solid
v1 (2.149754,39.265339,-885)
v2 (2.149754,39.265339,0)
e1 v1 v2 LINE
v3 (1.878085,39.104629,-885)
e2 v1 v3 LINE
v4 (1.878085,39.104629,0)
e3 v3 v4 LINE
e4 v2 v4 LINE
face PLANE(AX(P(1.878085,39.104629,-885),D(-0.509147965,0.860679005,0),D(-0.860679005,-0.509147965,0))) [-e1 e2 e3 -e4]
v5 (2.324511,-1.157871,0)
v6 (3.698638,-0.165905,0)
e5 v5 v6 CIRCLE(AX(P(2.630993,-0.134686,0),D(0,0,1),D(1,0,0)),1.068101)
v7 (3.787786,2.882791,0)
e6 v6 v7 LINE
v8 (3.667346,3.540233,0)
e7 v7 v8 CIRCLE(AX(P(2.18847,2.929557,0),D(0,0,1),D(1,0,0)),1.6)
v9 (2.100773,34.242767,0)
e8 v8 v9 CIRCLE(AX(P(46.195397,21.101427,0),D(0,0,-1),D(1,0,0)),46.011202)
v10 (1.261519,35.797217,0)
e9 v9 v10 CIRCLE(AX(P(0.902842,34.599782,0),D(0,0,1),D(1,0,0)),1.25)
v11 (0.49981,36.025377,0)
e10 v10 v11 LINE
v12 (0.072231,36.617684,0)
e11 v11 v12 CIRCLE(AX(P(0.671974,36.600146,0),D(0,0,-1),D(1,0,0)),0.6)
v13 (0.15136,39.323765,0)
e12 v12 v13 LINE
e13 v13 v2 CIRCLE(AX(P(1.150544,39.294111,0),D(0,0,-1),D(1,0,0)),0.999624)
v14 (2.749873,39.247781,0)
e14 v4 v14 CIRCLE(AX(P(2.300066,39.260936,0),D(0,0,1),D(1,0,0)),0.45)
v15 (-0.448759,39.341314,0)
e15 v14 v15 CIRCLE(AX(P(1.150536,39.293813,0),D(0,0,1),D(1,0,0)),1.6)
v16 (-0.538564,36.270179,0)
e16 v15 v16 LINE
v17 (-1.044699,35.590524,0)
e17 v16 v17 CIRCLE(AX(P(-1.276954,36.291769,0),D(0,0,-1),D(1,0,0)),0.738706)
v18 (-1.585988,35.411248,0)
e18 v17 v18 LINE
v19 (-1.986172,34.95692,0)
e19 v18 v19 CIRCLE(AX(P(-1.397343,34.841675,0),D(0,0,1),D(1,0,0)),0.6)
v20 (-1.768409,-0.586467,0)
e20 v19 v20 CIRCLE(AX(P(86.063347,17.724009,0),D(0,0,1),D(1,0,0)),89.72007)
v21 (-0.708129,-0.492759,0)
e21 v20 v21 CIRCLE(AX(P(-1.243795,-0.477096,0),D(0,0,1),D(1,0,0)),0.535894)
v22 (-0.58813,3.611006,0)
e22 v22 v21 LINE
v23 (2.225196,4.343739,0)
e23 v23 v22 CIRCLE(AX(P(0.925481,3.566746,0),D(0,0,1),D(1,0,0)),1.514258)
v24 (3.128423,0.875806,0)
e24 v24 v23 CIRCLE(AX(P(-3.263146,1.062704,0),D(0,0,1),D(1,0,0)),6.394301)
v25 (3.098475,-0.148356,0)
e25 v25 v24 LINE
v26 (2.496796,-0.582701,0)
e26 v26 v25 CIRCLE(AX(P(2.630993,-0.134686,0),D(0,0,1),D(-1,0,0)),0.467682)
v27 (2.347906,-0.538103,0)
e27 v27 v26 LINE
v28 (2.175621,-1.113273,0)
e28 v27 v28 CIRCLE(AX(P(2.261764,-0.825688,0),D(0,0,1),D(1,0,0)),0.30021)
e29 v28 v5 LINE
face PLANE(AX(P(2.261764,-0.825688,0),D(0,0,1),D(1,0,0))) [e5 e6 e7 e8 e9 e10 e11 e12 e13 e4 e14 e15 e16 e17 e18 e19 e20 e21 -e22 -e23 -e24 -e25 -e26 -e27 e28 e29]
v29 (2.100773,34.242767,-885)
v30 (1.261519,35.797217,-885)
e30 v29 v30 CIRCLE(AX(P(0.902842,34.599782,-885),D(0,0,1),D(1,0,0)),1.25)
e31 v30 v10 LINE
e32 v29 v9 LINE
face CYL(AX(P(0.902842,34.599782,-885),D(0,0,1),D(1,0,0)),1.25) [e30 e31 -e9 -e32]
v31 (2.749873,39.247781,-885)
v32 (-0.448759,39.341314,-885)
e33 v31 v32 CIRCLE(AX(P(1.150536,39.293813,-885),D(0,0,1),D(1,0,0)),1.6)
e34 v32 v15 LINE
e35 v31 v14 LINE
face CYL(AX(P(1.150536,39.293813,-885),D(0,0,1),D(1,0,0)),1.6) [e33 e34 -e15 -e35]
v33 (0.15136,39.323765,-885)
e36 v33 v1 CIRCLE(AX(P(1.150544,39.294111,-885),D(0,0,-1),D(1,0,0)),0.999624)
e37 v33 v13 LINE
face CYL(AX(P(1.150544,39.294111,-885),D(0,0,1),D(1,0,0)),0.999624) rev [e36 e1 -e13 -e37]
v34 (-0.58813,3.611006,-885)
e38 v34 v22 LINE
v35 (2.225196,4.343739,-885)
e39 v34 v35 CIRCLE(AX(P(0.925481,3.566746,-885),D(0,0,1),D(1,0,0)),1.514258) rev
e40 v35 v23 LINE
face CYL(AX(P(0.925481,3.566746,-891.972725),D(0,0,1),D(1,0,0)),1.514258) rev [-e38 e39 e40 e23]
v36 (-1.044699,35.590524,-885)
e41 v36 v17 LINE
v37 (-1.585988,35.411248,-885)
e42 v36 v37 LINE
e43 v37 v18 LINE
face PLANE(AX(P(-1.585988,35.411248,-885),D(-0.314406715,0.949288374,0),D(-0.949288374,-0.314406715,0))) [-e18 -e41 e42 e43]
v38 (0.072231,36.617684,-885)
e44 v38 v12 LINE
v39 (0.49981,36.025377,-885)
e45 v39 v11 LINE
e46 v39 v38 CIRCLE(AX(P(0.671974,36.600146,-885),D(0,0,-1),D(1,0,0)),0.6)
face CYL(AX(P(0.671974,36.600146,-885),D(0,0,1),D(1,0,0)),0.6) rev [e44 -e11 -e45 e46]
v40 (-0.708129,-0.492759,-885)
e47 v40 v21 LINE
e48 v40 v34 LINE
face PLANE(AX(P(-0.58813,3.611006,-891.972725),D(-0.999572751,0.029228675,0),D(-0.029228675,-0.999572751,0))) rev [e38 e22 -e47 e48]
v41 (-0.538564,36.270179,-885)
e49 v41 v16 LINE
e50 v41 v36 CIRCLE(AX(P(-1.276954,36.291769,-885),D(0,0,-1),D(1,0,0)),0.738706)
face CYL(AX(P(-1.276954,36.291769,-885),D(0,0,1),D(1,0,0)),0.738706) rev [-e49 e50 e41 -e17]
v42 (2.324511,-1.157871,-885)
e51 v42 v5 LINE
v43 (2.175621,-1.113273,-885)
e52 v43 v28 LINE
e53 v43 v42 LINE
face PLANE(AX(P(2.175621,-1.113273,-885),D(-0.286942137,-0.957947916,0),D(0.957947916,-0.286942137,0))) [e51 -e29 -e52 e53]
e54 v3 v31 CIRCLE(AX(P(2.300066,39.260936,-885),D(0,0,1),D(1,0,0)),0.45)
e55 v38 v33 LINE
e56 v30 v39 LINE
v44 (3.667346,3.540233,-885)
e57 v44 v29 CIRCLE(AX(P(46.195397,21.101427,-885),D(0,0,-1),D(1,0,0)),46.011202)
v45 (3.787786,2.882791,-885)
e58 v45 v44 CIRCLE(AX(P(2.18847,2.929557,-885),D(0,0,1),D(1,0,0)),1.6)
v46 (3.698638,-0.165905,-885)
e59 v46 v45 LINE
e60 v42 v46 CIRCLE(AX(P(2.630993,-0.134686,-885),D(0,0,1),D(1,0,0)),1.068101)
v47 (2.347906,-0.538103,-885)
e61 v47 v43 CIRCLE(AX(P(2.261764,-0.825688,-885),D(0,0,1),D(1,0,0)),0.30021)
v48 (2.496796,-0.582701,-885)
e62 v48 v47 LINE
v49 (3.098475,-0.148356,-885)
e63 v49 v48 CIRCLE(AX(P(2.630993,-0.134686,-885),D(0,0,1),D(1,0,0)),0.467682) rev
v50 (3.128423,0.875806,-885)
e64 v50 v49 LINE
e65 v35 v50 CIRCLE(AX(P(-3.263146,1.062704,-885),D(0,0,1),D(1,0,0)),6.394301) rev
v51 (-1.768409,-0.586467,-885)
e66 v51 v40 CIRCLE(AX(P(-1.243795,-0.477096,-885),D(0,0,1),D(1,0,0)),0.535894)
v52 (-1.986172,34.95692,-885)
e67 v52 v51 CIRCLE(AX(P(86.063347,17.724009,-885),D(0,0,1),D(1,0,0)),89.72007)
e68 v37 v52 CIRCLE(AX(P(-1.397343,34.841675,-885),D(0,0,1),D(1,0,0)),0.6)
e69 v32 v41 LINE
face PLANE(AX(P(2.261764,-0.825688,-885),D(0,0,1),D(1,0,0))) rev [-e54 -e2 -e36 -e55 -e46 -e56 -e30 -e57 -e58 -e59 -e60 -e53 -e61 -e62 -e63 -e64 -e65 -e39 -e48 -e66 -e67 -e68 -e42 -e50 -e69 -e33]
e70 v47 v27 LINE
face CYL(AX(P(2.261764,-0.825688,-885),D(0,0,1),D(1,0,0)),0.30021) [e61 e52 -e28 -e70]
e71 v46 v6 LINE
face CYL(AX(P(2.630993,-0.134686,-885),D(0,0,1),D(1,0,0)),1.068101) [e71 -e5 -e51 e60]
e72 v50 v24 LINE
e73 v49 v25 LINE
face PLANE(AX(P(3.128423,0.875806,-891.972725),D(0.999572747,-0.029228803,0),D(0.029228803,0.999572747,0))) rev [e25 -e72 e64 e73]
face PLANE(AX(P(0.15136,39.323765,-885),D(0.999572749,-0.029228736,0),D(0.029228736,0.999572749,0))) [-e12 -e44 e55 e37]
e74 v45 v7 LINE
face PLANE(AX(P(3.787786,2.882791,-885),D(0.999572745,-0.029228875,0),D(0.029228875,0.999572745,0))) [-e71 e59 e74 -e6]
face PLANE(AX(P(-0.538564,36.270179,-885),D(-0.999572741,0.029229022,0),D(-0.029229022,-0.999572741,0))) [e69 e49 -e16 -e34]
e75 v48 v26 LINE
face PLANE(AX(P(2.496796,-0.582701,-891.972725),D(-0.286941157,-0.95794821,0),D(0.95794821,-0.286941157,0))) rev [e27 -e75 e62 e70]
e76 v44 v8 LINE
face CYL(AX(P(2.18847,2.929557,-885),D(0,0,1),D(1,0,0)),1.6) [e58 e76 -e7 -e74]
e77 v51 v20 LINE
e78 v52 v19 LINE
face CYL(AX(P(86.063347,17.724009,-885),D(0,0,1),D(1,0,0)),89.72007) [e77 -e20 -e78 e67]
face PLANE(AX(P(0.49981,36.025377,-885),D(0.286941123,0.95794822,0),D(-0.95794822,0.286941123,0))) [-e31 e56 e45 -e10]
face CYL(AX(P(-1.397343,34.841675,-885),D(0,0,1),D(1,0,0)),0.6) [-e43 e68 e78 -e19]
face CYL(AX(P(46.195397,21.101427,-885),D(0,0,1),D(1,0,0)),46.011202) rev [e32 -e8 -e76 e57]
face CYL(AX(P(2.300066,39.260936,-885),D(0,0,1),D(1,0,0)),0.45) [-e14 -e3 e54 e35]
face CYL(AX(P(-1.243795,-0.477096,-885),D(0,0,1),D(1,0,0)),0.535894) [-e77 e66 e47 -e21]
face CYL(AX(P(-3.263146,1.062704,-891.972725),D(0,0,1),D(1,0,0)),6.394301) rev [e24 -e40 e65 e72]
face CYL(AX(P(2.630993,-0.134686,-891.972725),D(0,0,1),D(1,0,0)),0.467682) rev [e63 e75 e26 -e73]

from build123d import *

# Parameters (mm, degrees)
BODY_DEPTH                      = 885
SCHNITT_LINEAR_AUSTRAGEN2_DEPTH = 885


with BuildPart() as part:
    # Model → Body (new body)
    with BuildSketch(Plane.XY):
        with BuildLine():
            Line((1.878084628, 39.104629182), (2.149753631, 39.265339178))
            ThreePointArc((2.149753631, 39.265339178), (1.179756728, 40.293308137), (0.151359725, 39.323765061))
            Line((0.151359725, 39.323765061), (0.072230593, 36.617684207))
            ThreePointArc((0.072230593, 36.617684207), (0.185489498, 36.248958877), (0.499809768, 36.025377312))
            Line((0.499809768, 36.025377312), (1.261518581, 35.79721719))
            ThreePointArc((1.261518581, 35.79721719), (2.002767255, 35.193636824), (2.100773109, 34.24276685))
            ThreePointArc((2.100773109, 34.24276685), (0.243973004, 18.756791477), (3.6673456, 3.540232734))
            ThreePointArc((3.6673456, 3.540232734), (3.762278433, 3.217871116), (3.78778584, 2.882791084))
            Line((3.78778584, 2.882791084), (3.698637797, -0.165904914))
            ThreePointArc((3.698637797, -0.165904914), (3.256166133, -1.000710488), (2.324510635, -1.157871399))
            Line((2.324510635, -1.157871399), (2.175621232, -1.113273313))
            ThreePointArc((2.175621232, -1.113273313), (1.997498531, -0.968129525), (1.974178859, -0.739545604))
            Line((1.974178859, -0.739545604), (0.400869285, -0.26828127))
            Line((0.400869285, -0.26828127), (-0.708129005, -0.492759369))
            ThreePointArc((-0.708129005, -0.492759369), (-1.196616048, -1.010909594), (-1.76840947, -0.586466985))
            ThreePointArc((-1.76840947, -0.586466985), (-3.655039198, 17.174334722), (-1.986171677, 34.956919747))
            ThreePointArc((-1.986171677, 34.956919747), (-1.847587365, 35.23826116), (-1.585988155, 35.411248024))
            Line((-1.585988155, 35.411248024), (-1.044699422, 35.590524224))
            ThreePointArc((-1.044699422, 35.590524224), (-0.684484453, 35.850559404), (-0.538564027, 36.270178693))
            Line((-0.538564027, 36.270178693), (-0.448759368, 39.341314215))
            ThreePointArc((-0.448759368, 39.341314215), (1.197302045, 40.893129938), (2.749873366, 39.247781189))
            ThreePointArc((2.749873366, 39.247781189), (2.372981432, 38.816883238), (1.878084628, 39.104629182))
        make_face()
    extrude(amount=-BODY_DEPTH)

    # Skizze3 → Schnitt-Linear austragen2 (cut)
    with BuildSketch(Plane.XY):
        with BuildLine():
            Line((-0.588130108, 3.611006063), (-0.708129005, -0.492759369))
            Line((-0.708129005, -0.492759369), (0.400869714, -0.268279835))
            Line((0.400869714, -0.268279835), (1.974178926, -0.739545381))
            ThreePointArc((1.974178926, -0.739545381), (2.119322659, -0.561422774), (2.347906465, -0.53810304))
            Line((2.347906465, -0.53810304), (2.496795914, -0.582700974))
            ThreePointArc((2.496795914, -0.582700974), (2.904733153, -0.513885986), (3.0984751, -0.148355754))
            Line((3.0984751, -0.148355754), (3.128422919, 0.875806051))
            ThreePointArc((3.128422919, 0.875806051), (2.924721832, 2.674341696), (2.225195598, 4.343739086))
            ThreePointArc((2.225195598, 4.343739086), (0.543823558, 5.032117471), (-0.588130108, 3.611006063))
        make_face()
    extrude(amount=-SCHNITT_LINEAR_AUSTRAGEN2_DEPTH, mode=Mode.SUBTRACT)


with BuildPart() as schnitt_linear_austragen2_kept_piece:
    # of the separate pieces the step leaves, the one the design keeps (schnitt_linear_austragen2_pieces_kept)
    add(part.part.solids().sort_by_distance((-1.986171677, 34.956919747, 0))[0])


solid = schnitt_linear_austragen2_kept_piece.part
